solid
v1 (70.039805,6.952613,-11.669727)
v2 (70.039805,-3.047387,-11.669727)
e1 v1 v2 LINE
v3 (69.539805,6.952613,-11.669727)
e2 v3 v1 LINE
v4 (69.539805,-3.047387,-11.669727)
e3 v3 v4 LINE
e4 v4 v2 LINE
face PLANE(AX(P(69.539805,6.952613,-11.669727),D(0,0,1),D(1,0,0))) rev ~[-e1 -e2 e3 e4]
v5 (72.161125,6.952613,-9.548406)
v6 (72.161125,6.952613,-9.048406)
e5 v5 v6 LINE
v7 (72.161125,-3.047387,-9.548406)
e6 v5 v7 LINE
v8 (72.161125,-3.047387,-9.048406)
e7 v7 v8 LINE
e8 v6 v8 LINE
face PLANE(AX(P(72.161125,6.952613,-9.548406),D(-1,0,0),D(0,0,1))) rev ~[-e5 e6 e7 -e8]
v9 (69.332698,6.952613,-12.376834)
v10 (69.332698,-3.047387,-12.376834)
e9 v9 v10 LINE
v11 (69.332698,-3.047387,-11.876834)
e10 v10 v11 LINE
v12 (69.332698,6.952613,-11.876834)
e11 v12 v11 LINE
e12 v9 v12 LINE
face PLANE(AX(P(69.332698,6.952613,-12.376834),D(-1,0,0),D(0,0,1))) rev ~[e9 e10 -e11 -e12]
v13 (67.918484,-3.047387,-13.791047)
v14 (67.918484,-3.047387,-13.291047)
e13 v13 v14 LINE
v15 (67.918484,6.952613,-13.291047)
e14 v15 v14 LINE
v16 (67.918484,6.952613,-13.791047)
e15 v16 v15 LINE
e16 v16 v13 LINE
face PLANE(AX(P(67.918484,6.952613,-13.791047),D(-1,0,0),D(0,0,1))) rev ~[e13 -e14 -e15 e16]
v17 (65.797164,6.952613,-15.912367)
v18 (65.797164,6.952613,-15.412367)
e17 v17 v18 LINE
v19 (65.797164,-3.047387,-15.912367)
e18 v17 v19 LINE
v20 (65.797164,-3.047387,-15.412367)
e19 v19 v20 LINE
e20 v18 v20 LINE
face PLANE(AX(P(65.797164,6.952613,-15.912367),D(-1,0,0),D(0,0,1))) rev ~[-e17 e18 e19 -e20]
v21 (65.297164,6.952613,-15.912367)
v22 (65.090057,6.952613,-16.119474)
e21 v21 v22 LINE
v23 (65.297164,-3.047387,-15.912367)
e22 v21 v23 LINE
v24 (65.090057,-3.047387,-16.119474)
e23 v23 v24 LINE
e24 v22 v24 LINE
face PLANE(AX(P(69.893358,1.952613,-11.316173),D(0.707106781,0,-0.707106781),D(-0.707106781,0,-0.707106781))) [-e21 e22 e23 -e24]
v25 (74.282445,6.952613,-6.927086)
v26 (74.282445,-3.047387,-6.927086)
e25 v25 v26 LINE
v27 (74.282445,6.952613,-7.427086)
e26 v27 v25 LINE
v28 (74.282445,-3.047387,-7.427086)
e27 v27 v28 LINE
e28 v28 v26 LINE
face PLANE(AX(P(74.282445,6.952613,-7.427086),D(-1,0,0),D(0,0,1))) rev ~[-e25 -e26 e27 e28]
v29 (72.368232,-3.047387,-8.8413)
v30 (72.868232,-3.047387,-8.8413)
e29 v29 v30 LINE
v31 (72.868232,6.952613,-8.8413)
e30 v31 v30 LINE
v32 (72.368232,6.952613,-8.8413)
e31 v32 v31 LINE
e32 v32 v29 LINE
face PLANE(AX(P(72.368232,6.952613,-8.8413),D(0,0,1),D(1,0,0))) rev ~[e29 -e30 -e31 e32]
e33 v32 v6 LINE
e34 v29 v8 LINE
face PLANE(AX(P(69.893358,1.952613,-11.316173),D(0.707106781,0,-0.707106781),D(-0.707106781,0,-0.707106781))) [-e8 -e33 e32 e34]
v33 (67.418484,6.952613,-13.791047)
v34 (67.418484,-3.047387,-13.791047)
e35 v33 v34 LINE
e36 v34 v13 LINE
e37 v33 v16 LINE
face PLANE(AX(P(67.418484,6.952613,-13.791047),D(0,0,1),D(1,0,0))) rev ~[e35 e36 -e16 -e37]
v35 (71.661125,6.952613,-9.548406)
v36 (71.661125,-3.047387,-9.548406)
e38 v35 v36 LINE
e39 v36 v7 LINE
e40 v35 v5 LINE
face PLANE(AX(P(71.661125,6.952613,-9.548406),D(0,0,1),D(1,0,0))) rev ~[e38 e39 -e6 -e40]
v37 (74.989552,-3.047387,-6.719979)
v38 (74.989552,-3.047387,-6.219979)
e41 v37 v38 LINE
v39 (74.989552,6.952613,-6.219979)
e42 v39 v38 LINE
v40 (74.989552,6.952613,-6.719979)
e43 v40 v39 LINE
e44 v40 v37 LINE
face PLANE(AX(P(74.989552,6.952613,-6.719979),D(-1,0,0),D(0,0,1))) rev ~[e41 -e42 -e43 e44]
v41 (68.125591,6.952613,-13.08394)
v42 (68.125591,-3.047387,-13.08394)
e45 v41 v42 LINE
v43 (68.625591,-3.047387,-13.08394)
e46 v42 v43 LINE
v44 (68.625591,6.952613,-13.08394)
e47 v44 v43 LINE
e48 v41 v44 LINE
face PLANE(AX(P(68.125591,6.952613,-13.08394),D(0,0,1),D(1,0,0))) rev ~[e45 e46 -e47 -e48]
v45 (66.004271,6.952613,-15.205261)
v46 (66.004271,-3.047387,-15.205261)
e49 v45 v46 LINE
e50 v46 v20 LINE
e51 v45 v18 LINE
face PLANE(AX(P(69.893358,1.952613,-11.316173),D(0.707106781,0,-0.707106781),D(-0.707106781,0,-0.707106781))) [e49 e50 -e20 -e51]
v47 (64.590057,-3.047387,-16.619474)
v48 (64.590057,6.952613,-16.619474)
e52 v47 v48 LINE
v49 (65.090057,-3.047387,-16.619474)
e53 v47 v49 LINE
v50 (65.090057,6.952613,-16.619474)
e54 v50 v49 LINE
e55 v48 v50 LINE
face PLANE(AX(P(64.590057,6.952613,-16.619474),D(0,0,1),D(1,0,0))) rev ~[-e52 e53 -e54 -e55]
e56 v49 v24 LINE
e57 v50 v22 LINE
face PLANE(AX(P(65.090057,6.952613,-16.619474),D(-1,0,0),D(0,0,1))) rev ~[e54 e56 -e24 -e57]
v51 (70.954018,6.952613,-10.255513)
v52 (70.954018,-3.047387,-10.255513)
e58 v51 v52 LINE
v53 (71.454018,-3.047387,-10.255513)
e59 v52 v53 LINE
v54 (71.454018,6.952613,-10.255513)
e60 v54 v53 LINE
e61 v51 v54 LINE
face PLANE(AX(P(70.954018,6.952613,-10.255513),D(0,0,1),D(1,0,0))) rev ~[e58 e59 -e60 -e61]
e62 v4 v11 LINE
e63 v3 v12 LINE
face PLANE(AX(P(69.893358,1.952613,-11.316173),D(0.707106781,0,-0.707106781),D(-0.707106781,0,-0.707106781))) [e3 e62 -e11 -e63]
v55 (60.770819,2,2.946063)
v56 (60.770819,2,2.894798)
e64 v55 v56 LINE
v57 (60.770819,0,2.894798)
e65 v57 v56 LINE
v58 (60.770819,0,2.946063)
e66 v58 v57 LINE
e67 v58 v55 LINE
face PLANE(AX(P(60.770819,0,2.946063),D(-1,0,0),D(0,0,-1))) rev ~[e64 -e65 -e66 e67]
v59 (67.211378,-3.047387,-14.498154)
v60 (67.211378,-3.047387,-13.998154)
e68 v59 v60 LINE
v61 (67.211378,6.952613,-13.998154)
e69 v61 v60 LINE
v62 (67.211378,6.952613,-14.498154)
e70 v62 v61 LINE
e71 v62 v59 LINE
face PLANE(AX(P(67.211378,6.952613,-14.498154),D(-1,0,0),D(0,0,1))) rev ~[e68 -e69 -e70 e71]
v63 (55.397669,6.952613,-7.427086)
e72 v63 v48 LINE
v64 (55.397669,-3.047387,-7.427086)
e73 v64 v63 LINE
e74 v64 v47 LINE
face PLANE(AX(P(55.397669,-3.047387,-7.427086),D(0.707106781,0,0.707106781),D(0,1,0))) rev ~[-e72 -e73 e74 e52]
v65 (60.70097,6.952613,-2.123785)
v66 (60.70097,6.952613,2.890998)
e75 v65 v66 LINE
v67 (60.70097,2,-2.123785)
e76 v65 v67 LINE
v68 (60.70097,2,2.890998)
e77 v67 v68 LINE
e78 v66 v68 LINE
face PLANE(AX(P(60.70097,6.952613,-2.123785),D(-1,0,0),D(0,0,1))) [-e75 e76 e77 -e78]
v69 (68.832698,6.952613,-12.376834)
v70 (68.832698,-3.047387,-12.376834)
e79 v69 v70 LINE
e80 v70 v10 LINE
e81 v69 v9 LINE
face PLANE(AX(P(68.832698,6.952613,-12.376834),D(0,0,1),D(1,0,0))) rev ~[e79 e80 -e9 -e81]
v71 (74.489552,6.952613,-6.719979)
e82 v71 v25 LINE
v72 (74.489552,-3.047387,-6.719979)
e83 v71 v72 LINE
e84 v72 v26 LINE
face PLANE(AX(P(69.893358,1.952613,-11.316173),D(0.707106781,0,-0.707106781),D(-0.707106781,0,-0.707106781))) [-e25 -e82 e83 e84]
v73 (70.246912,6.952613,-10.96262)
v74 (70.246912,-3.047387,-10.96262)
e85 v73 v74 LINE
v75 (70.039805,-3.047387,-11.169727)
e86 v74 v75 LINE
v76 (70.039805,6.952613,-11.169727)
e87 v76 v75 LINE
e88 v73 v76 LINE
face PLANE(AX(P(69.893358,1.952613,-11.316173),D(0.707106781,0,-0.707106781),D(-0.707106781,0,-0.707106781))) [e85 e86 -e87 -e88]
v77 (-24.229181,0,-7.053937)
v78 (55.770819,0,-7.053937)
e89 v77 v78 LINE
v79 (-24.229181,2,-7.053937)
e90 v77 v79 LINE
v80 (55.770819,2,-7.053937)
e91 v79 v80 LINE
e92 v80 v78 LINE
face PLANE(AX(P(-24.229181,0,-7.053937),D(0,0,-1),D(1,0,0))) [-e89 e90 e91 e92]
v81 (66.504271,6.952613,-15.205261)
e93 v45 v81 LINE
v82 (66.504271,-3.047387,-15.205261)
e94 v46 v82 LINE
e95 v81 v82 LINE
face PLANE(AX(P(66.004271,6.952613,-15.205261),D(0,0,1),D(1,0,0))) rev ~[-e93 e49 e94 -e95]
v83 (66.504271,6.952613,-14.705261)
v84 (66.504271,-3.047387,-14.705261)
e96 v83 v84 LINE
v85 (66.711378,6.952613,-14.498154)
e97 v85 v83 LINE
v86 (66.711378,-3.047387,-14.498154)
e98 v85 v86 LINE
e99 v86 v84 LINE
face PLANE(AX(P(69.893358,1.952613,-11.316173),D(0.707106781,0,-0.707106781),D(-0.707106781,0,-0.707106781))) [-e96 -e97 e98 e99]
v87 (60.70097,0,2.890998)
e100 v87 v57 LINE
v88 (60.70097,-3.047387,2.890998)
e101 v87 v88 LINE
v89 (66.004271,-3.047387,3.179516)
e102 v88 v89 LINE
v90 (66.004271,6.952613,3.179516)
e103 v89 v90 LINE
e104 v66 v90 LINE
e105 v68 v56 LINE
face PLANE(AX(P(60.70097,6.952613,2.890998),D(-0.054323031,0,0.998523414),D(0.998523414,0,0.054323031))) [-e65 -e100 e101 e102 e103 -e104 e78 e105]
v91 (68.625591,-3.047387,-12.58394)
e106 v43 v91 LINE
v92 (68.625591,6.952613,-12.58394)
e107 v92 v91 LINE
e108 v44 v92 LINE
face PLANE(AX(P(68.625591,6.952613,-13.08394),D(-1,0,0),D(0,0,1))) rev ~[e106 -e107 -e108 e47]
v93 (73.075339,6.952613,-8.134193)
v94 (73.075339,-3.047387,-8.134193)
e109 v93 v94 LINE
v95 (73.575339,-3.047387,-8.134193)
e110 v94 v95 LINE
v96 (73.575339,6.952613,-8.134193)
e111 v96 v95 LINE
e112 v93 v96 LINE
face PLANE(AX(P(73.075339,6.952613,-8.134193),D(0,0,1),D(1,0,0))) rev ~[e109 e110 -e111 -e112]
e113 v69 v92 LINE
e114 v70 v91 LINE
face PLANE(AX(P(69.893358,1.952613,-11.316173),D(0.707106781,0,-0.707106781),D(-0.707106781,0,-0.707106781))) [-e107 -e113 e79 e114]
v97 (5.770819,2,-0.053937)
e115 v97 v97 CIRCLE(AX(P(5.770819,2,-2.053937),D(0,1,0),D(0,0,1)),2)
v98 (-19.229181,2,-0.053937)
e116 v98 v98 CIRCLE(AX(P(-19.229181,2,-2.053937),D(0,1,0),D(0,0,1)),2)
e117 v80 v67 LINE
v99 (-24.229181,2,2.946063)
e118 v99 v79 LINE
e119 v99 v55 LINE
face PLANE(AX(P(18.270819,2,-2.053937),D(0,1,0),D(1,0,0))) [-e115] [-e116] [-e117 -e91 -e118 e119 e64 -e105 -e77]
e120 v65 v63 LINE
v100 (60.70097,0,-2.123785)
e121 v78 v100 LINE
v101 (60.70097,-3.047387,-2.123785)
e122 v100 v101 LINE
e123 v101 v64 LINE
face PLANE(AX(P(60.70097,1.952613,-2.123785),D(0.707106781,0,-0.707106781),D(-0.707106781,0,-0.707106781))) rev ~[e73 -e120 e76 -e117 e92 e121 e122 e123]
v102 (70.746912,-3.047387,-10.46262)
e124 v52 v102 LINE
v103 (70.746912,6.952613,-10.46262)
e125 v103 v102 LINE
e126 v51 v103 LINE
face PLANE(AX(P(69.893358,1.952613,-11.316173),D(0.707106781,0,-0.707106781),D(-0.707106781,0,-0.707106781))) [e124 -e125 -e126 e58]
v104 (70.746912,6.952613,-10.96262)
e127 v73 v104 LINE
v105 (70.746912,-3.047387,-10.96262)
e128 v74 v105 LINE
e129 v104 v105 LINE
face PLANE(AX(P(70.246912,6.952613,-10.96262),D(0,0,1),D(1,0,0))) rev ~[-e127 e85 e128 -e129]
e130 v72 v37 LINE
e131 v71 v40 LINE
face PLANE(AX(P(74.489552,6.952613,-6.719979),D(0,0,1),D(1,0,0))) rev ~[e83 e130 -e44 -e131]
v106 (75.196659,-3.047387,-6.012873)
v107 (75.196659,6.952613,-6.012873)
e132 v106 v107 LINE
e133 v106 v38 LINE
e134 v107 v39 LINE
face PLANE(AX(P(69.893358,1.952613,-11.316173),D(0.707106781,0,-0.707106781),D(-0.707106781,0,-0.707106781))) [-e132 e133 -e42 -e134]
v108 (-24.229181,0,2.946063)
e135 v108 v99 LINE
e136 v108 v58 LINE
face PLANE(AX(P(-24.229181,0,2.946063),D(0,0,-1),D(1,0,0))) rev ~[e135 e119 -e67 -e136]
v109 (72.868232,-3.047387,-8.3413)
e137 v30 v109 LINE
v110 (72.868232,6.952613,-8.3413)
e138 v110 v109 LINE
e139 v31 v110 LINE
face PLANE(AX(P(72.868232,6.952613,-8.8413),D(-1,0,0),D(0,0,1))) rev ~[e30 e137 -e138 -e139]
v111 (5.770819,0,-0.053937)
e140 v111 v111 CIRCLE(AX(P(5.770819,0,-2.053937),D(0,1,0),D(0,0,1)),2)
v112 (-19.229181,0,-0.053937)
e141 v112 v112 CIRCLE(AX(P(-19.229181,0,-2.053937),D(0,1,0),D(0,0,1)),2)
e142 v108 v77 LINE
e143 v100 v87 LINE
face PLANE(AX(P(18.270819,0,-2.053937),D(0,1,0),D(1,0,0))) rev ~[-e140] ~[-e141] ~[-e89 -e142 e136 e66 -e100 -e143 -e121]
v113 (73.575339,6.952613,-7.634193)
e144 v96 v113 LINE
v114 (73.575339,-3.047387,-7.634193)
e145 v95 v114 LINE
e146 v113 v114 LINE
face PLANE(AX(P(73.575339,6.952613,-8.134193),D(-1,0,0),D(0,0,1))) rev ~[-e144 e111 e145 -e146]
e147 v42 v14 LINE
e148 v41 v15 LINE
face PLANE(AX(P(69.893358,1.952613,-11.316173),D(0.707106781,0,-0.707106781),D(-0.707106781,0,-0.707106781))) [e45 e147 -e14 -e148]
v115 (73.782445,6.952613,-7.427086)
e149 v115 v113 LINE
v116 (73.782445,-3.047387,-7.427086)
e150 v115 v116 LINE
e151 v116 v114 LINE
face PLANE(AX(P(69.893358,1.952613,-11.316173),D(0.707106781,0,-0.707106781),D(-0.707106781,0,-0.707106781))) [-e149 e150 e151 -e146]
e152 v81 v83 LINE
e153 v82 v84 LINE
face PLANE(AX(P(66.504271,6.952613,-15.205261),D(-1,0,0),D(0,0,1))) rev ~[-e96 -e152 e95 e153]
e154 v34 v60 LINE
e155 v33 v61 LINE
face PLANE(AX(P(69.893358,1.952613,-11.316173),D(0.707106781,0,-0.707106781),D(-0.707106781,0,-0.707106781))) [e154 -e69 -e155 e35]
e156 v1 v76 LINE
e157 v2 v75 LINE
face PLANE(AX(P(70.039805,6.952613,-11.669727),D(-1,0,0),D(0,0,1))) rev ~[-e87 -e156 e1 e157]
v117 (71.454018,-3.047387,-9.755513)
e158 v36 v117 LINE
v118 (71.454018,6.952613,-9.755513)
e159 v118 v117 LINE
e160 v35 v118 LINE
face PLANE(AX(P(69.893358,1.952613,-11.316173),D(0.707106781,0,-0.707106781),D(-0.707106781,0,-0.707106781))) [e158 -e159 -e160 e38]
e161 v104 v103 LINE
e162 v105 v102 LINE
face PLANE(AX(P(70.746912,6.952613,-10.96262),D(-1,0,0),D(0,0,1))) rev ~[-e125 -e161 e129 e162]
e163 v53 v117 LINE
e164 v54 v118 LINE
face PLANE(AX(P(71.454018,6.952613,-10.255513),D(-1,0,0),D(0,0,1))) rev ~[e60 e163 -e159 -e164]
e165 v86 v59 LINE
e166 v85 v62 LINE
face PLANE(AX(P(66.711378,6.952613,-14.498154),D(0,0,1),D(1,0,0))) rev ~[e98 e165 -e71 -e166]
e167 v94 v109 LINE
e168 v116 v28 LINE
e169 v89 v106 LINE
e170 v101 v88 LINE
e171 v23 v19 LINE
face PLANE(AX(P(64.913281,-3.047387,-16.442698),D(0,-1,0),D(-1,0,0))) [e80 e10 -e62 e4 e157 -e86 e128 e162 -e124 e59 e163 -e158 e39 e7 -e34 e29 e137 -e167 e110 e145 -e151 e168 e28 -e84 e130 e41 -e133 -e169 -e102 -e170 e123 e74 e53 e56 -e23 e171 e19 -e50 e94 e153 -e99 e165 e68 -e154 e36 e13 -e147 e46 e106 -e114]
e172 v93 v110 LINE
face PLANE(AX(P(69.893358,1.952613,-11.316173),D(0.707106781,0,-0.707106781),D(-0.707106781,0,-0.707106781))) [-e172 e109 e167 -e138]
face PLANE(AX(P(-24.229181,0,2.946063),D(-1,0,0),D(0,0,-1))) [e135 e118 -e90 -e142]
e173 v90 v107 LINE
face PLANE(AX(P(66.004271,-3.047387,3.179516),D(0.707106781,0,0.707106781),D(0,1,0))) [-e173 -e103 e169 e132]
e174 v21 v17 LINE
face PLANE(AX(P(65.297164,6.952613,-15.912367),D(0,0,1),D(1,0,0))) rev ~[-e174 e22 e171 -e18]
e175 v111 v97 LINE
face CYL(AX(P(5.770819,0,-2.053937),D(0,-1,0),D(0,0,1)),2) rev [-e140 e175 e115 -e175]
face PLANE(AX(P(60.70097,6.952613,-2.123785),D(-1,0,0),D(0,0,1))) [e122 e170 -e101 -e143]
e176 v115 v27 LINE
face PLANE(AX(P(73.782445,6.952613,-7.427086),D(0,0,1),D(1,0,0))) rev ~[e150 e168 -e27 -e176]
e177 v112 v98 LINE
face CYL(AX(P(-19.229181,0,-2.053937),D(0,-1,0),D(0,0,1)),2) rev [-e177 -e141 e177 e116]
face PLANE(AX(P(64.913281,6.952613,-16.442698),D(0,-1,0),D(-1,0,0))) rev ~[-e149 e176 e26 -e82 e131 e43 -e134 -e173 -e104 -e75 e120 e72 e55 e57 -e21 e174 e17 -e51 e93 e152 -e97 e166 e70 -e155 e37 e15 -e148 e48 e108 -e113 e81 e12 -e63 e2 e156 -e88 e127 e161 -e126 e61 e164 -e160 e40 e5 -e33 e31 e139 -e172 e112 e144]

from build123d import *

# Parameters (mm, degrees)
SKETCH1_W           = 85
SKETCH1_H           = 10
SKETCH1_R           = 2
BOSS_EXTRUDE1_DEPTH = 2
CUT_EXTRUDE1_DEPTH  = 10
SKETCH3_W           = 15
SKETCH3_H           = 10
BOSS_EXTRUDE2_DEPTH = 13
BOSS_EXTRUDE3_DEPTH = 10
BOSS_EXTRUDE4_DEPTH = 10


with BuildPart() as part:
    # Sketch1 → Boss-Extrude1 (new body)
    with BuildSketch(Plane(origin=(0, 0, 0), x_dir=(1, 0, 0), z_dir=(0, 1, 0))):
        with Locations((18.270818553, 2.053936679)):
            Rectangle(SKETCH1_W, SKETCH1_H)
        with Locations(Location((-19.229181447, 2.053936679, 0), (0, 0, 270))):
            Circle(SKETCH1_R, mode=Mode.SUBTRACT)
        with Locations(Location((5.770818553, 2.053936679, 0), (0, 0, 270))):
            Circle(SKETCH1_R, mode=Mode.SUBTRACT)
    extrude(amount=BOSS_EXTRUDE1_DEPTH)

    # Sketch2 → Cut-Extrude1 (cut)
    with BuildSketch(Plane(origin=(0, 2, 0), x_dir=(1, 0, 0), z_dir=(0, 1, 0))):
        Polygon((55.770818553, 7.053936679), (60.770818553, 2.053936679), (60.770818553, 7.053936679), align=None)
    extrude(amount=-CUT_EXTRUDE1_DEPTH, mode=Mode.SUBTRACT)

    # Sketch3 → Boss-Extrude2 (add)
    with BuildSketch(Plane(origin=(31.412377616, 0, -31.412377616), x_dir=(-0.7071067811865488, 0, -0.7071067811865462), z_dir=(0.7071067811865462, 0, -0.7071067811865488))):
        with Locations((-41.420324571, 1.952612945)):
            Rectangle(SKETCH3_W, SKETCH3_H)
    extrude(amount=BOSS_EXTRUDE2_DEPTH)

    # Sketch4 → Boss-Extrude3 (add)
    with BuildSketch(Plane(origin=(0, 6.952612945, 0), x_dir=(1, 0, 0), z_dir=(0, 1, 0))):
        Polygon((60.70097, 2.123785233), (60.70097, -2.890998226), (66.004270859, -3.179515626), align=None)
    extrude(amount=-BOSS_EXTRUDE3_DEPTH)

    # Sketch6 → Boss-Extrude4 (add)
    with BuildSketch(Plane(origin=(0, 6.952612945, 0), x_dir=(1, 0, 0), z_dir=(0, 1, 0))):
        Polygon((64.590057296, 16.619474247), (65.090057296, 16.619474247), (65.090057296, 16.119474247), align=None)
        Polygon((65.297164077, 15.912367466), (65.797164077, 15.912367466), (65.797164077, 15.412367466), align=None)
        Polygon((66.004270859, 15.205260685), (66.504270859, 15.205260685), (66.504270859, 14.705260685), align=None)
        Polygon((66.71137764, 14.498153903), (67.21137764, 14.498153903), (67.21137764, 13.998153903), align=None)
        Polygon((67.418484421, 13.791047122), (67.918484421, 13.791047122), (67.918484421, 13.291047122), align=None)
        Polygon((68.125591202, 13.083940341), (68.625591202, 13.083940341), (68.625591202, 12.583940341), align=None)
        Polygon((68.832697983, 12.37683356), (69.332697983, 12.37683356), (69.332697983, 11.87683356), align=None)
        Polygon((69.539804764, 11.669726779), (70.039804764, 11.669726779), (70.039804764, 11.169726779), align=None)
        Polygon((70.246911546, 10.962619998), (70.746911546, 10.962619998), (70.746911546, 10.462619998), align=None)
        Polygon((70.954018327, 10.255513216), (71.454018327, 10.255513216), (71.454018327, 9.755513216), align=None)
        Polygon((71.661125108, 9.548406435), (72.161125108, 9.548406435), (72.161125108, 9.048406435), align=None)
        Polygon((72.368231889, 8.841299654), (72.868231889, 8.841299654), (72.868231889, 8.341299654), align=None)
        Polygon((73.07533867, 8.134192873), (73.57533867, 8.134192873), (73.57533867, 7.634192873), align=None)
        Polygon((73.782445452, 7.427086092), (74.282445452, 7.427086092), (74.282445452, 6.927086092), align=None)
        Polygon((74.489552233, 6.71997931), (74.989552233, 6.71997931), (74.989552233, 6.21997931), align=None)
    extrude(amount=-BOSS_EXTRUDE4_DEPTH)


solid = part.part
